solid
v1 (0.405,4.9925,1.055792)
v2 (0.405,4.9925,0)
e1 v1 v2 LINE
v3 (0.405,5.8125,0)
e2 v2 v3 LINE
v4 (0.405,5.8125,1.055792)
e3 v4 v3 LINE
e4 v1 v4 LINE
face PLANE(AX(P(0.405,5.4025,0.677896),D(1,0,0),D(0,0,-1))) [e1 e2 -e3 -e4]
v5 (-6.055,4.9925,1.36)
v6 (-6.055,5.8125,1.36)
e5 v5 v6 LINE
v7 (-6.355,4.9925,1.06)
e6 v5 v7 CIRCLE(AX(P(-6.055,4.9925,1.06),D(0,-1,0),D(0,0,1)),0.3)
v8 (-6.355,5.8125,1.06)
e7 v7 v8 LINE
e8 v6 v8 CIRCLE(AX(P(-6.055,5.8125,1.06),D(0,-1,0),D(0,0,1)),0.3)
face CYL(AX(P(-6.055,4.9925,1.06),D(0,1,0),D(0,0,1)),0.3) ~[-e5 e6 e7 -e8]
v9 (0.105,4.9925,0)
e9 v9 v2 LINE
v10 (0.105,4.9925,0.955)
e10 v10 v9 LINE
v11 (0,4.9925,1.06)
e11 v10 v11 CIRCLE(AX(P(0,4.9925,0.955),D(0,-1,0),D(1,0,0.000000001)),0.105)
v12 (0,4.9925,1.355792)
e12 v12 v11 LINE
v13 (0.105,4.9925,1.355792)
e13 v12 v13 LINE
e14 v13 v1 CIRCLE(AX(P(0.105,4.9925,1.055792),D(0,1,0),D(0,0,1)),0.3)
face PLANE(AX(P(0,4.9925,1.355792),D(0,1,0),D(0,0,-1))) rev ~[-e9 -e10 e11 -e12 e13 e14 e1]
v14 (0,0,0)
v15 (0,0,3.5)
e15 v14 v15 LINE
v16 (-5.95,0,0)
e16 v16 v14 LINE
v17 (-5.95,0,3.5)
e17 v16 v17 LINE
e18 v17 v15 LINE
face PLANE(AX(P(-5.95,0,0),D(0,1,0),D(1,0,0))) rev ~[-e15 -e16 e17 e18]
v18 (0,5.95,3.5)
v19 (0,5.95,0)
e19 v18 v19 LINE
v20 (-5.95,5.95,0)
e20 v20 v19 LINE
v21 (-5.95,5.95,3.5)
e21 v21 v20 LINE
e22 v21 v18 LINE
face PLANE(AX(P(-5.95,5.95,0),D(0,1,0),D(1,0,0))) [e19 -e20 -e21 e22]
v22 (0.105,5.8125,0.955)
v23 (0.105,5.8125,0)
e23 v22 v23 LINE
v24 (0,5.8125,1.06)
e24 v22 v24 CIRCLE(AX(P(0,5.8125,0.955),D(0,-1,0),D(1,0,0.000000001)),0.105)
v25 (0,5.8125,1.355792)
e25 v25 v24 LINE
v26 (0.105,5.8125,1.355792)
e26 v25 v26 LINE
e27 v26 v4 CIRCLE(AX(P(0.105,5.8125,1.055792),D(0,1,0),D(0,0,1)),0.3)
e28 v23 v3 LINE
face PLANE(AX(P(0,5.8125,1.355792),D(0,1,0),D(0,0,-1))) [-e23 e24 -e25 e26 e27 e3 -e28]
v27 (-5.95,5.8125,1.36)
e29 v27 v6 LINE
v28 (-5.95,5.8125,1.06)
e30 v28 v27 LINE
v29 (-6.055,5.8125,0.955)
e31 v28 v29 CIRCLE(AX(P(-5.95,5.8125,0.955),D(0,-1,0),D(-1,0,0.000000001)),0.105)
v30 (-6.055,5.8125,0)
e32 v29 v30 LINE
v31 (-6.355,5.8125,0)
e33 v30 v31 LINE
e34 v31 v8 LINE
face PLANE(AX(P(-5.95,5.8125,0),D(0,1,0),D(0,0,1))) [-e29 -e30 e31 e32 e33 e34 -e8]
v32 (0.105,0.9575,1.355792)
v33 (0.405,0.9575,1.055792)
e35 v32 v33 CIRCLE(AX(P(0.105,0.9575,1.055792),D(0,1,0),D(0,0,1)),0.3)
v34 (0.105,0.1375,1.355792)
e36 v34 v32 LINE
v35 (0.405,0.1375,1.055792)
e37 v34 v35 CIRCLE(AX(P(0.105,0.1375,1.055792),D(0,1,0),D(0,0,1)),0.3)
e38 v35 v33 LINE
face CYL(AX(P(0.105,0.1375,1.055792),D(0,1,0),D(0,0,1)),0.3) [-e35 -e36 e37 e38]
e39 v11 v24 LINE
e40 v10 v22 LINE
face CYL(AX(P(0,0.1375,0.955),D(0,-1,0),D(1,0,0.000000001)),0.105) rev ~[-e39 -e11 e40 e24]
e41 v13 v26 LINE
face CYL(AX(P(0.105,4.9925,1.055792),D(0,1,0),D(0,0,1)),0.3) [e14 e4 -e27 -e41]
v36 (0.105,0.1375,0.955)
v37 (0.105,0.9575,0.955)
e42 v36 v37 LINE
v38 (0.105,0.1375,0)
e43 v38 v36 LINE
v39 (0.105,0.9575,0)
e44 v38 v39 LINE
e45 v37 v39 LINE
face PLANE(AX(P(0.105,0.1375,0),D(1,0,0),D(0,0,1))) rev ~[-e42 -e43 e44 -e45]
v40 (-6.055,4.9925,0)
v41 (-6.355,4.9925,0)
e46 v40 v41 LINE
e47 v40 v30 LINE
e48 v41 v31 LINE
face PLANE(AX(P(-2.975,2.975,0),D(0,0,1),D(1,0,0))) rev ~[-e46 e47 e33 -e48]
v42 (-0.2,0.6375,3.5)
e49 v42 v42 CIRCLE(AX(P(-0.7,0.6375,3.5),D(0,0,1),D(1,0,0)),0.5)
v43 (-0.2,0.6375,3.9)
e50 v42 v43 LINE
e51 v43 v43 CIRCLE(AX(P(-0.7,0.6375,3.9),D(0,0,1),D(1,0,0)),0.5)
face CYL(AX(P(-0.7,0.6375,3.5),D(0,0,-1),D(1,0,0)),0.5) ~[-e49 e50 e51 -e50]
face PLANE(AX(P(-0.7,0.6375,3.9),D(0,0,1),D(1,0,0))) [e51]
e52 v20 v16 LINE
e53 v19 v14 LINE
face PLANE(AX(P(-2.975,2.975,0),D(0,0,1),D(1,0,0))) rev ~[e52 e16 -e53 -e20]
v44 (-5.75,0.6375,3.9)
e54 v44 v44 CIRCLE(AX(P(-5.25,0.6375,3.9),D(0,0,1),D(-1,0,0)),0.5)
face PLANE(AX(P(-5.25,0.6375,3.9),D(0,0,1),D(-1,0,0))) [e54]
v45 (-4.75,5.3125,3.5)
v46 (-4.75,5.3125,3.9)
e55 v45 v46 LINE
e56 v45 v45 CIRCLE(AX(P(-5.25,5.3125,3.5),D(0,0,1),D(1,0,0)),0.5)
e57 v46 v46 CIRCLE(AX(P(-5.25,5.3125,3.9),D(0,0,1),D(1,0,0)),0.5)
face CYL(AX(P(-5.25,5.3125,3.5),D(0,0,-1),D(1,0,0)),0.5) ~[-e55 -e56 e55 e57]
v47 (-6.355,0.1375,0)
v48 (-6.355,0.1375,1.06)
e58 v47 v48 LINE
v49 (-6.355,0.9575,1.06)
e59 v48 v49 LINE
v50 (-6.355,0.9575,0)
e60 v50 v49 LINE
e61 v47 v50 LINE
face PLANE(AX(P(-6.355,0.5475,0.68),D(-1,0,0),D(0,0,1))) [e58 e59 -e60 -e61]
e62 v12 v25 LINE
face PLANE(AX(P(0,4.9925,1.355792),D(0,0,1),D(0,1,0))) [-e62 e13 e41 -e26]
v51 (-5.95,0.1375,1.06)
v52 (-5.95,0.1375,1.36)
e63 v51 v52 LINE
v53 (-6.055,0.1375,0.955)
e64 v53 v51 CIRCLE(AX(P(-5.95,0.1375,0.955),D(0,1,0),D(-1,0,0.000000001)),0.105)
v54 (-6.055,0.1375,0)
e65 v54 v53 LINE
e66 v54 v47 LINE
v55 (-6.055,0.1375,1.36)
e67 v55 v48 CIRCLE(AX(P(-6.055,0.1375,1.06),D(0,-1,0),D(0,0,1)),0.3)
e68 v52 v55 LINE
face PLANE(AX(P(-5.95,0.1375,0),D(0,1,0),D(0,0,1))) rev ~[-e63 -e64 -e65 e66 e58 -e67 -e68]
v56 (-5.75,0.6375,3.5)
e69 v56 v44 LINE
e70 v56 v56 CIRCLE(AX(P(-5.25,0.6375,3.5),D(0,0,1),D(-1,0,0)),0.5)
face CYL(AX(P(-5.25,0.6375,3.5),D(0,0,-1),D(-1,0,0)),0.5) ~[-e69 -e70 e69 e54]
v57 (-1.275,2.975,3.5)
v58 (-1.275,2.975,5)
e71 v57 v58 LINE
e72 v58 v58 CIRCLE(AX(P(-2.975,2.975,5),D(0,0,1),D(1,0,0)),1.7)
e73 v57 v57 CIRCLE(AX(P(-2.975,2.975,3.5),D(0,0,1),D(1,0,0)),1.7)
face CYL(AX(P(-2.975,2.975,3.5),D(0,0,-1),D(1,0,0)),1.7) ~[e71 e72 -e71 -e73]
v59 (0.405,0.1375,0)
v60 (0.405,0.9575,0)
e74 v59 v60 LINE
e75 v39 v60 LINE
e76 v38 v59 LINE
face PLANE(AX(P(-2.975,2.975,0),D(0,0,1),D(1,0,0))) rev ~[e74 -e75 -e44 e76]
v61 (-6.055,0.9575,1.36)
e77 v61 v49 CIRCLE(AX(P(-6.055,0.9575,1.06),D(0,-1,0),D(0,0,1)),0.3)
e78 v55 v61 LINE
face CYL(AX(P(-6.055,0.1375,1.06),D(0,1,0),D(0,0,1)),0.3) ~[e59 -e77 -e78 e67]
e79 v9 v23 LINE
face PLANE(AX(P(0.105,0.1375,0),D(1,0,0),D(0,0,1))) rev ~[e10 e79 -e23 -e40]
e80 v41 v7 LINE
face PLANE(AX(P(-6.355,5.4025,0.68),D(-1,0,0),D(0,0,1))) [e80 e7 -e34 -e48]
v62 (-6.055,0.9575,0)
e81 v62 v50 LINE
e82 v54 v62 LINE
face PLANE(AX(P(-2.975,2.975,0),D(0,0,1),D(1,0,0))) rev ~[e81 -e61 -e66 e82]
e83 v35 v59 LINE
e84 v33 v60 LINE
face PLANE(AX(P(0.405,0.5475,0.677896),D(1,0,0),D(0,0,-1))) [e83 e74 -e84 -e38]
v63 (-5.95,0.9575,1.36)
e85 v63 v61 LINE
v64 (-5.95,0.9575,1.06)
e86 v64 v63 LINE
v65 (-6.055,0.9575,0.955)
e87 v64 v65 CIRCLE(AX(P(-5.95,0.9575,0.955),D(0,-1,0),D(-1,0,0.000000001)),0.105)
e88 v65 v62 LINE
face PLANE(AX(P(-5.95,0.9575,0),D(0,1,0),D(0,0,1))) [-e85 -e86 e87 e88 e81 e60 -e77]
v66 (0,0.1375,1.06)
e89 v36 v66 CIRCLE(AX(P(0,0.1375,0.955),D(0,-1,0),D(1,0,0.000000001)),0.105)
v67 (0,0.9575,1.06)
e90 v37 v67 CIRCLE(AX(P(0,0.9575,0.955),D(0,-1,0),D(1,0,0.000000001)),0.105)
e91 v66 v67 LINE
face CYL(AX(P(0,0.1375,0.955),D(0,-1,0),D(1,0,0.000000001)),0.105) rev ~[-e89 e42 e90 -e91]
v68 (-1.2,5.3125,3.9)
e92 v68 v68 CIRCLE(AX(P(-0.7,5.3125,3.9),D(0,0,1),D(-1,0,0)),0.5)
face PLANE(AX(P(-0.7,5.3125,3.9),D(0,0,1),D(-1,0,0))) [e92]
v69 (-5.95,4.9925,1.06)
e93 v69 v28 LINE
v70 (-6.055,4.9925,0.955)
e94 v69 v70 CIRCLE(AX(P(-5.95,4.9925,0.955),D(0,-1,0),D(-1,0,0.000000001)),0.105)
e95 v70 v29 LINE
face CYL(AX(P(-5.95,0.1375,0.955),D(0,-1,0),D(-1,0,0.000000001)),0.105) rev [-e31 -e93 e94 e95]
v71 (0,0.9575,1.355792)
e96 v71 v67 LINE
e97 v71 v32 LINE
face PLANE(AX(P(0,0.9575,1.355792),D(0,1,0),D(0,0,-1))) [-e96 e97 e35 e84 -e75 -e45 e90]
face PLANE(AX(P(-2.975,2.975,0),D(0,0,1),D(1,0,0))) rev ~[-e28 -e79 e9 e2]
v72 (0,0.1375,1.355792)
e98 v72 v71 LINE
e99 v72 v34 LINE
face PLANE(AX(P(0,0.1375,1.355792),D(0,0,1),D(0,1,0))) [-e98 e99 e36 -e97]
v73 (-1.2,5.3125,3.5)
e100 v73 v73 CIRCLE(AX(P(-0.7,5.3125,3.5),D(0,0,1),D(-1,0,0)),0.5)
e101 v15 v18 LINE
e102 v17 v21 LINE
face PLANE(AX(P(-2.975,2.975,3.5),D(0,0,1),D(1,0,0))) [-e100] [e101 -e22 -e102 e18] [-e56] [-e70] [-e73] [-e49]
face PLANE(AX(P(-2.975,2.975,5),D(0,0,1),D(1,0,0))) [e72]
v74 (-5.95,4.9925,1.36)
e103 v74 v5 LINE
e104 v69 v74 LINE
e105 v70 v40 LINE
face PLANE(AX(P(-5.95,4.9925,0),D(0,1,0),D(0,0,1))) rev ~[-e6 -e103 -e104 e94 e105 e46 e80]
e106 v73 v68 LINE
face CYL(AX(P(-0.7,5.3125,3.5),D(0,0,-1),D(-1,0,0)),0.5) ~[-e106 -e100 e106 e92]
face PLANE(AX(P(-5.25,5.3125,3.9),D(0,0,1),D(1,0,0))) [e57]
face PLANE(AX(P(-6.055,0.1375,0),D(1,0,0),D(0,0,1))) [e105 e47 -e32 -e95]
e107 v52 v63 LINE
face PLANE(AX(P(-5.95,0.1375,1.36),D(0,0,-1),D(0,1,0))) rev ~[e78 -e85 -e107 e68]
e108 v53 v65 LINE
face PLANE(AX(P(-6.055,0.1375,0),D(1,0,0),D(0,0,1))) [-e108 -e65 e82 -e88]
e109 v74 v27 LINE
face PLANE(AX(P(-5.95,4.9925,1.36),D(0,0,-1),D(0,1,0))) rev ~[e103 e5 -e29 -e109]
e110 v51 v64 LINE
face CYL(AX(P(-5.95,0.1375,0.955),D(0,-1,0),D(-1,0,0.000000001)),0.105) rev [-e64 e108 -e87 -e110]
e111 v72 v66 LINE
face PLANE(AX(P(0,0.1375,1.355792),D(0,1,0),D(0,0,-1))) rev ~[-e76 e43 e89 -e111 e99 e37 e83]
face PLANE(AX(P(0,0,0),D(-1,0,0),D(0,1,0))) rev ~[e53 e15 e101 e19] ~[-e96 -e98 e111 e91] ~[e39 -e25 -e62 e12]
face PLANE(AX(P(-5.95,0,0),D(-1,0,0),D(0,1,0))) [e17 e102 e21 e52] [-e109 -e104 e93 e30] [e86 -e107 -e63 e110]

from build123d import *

# Parameters (mm, degrees)
CROQUIS1_W              = 5.95
CROQUIS1_H              = 5.95
SALIENTE_EXTRUIR1_DEPTH = 3.5
CROQUIS3_R              = 1.7
SALIENTE_EXTRUIR2_DEPTH = 1.5
CROQUIS4_R              = 0.5
SALIENTE_EXTRUIR3_DEPTH = 0.4
CROQUIS5_W              = 1.355791782
CROQUIS5_H              = 0.82
SALIENTE_EXTRUIR4_DEPTH = 0.405
REDONDEO1_R             = 0.3
REDONDEO2_R             = 0.3
CROQUIS9_W              = 1.36
CROQUIS9_H              = 0.82
SALIENTE_EXTRUIR5_DEPTH = 0.405
REDONDEO3_R             = 0.3
REDONDEO4_R             = 0.3
CORTAR_EXTRUIR1_DEPTH   = 10.958472837


with BuildPart() as part:
    # Croquis1 → Saliente-Extruir1 (new body)
    with BuildSketch(Plane.XY):
        with Locations((-2.975, 2.975)):
            Rectangle(CROQUIS1_W, CROQUIS1_H)
    extrude(amount=SALIENTE_EXTRUIR1_DEPTH)

    # Croquis3 → Saliente-Extruir2 (add)
    with BuildSketch(Plane.XY.offset(3.5)):
        with Locations((-2.975, 2.975)):
            Circle(CROQUIS3_R)
    extrude(amount=SALIENTE_EXTRUIR2_DEPTH)

    # Croquis4 → Saliente-Extruir3 (add)
    with BuildSketch(Plane.XY.offset(3.5)):
        with Locations((-5.25, 5.3125)):
            Circle(CROQUIS4_R)
        with Locations(Location((-0.7, 5.3125, 0), (0, 0, 180))):
            Circle(CROQUIS4_R)
        with Locations((-0.7, 0.6375)):
            Circle(CROQUIS4_R)
        with Locations(Location((-5.25, 0.6375, 0), (0, 0, 180))):
            Circle(CROQUIS4_R)
    extrude(amount=SALIENTE_EXTRUIR3_DEPTH)

    # Croquis5 → Saliente-Extruir4 (add)
    with BuildSketch(Plane(origin=(0, 0, 0), x_dir=(0, 0, -1), z_dir=(1, 0, 0))):
        with Locations((-0.677895891, 5.4025)):
            Rectangle(CROQUIS5_W, CROQUIS5_H)
        with Locations((-0.677895891, 0.5475)):
            Rectangle(CROQUIS5_W, CROQUIS5_H)
    extrude(amount=SALIENTE_EXTRUIR4_DEPTH)

    # Redondeo1
    redondeo1_edges = [part.edges().sort_by_distance(p)[0] for p in [
        (0.405, 5.4025, 1.355791782),
    ]]
    fillet(redondeo1_edges, radius=REDONDEO1_R)

    # Redondeo2
    redondeo2_edges = [part.edges().sort_by_distance(p)[0] for p in [
        (0.405, 0.5475, 1.355791782),
    ]]
    fillet(redondeo2_edges, radius=REDONDEO2_R)

    # Croquis9 → Saliente-Extruir5 (add)
    with BuildSketch(Plane.ZY.offset(5.95)):
        with Locations((0.68, 5.4025)):
            Rectangle(CROQUIS9_W, CROQUIS9_H)
        with Locations((0.68, 0.5475)):
            Rectangle(CROQUIS9_W, CROQUIS9_H)
    extrude(amount=SALIENTE_EXTRUIR5_DEPTH)

    # Redondeo3
    redondeo3_edges = [part.edges().sort_by_distance(p)[0] for p in [
        (-6.355, 5.4025, 1.36),
    ]]
    fillet(redondeo3_edges, radius=REDONDEO3_R)

    # Redondeo4
    redondeo4_edges = [part.edges().sort_by_distance(p)[0] for p in [
        (-6.355, 0.5475, 1.36),
    ]]
    fillet(redondeo4_edges, radius=REDONDEO4_R)

    # Croquis10 → Cortar-Extruir1 (cut, through all)
    with BuildSketch(Plane.XZ.offset(-0.1375)):
        with BuildLine():
            Line((-5.95, 0), (-6.055, 0))
            Line((-6.055, 0), (-6.055, 0.955))
            ThreePointArc((-6.055, 0.955), (-6.024246212, 1.029246212), (-5.95, 1.06))
            Line((-5.95, 1.06), (-5.95, 0))
        make_face()
        with BuildLine():
            Line((0.105, 0), (0.105, 0.955))
            ThreePointArc((0.105, 0.955), (0.074246212, 1.029246212), (0, 1.06))
            Line((0, 1.06), (0, 0))
            Line((0, 0), (0.105, 0))
        make_face()
    extrude(amount=-CORTAR_EXTRUIR1_DEPTH, mode=Mode.SUBTRACT)


solid = part.part
